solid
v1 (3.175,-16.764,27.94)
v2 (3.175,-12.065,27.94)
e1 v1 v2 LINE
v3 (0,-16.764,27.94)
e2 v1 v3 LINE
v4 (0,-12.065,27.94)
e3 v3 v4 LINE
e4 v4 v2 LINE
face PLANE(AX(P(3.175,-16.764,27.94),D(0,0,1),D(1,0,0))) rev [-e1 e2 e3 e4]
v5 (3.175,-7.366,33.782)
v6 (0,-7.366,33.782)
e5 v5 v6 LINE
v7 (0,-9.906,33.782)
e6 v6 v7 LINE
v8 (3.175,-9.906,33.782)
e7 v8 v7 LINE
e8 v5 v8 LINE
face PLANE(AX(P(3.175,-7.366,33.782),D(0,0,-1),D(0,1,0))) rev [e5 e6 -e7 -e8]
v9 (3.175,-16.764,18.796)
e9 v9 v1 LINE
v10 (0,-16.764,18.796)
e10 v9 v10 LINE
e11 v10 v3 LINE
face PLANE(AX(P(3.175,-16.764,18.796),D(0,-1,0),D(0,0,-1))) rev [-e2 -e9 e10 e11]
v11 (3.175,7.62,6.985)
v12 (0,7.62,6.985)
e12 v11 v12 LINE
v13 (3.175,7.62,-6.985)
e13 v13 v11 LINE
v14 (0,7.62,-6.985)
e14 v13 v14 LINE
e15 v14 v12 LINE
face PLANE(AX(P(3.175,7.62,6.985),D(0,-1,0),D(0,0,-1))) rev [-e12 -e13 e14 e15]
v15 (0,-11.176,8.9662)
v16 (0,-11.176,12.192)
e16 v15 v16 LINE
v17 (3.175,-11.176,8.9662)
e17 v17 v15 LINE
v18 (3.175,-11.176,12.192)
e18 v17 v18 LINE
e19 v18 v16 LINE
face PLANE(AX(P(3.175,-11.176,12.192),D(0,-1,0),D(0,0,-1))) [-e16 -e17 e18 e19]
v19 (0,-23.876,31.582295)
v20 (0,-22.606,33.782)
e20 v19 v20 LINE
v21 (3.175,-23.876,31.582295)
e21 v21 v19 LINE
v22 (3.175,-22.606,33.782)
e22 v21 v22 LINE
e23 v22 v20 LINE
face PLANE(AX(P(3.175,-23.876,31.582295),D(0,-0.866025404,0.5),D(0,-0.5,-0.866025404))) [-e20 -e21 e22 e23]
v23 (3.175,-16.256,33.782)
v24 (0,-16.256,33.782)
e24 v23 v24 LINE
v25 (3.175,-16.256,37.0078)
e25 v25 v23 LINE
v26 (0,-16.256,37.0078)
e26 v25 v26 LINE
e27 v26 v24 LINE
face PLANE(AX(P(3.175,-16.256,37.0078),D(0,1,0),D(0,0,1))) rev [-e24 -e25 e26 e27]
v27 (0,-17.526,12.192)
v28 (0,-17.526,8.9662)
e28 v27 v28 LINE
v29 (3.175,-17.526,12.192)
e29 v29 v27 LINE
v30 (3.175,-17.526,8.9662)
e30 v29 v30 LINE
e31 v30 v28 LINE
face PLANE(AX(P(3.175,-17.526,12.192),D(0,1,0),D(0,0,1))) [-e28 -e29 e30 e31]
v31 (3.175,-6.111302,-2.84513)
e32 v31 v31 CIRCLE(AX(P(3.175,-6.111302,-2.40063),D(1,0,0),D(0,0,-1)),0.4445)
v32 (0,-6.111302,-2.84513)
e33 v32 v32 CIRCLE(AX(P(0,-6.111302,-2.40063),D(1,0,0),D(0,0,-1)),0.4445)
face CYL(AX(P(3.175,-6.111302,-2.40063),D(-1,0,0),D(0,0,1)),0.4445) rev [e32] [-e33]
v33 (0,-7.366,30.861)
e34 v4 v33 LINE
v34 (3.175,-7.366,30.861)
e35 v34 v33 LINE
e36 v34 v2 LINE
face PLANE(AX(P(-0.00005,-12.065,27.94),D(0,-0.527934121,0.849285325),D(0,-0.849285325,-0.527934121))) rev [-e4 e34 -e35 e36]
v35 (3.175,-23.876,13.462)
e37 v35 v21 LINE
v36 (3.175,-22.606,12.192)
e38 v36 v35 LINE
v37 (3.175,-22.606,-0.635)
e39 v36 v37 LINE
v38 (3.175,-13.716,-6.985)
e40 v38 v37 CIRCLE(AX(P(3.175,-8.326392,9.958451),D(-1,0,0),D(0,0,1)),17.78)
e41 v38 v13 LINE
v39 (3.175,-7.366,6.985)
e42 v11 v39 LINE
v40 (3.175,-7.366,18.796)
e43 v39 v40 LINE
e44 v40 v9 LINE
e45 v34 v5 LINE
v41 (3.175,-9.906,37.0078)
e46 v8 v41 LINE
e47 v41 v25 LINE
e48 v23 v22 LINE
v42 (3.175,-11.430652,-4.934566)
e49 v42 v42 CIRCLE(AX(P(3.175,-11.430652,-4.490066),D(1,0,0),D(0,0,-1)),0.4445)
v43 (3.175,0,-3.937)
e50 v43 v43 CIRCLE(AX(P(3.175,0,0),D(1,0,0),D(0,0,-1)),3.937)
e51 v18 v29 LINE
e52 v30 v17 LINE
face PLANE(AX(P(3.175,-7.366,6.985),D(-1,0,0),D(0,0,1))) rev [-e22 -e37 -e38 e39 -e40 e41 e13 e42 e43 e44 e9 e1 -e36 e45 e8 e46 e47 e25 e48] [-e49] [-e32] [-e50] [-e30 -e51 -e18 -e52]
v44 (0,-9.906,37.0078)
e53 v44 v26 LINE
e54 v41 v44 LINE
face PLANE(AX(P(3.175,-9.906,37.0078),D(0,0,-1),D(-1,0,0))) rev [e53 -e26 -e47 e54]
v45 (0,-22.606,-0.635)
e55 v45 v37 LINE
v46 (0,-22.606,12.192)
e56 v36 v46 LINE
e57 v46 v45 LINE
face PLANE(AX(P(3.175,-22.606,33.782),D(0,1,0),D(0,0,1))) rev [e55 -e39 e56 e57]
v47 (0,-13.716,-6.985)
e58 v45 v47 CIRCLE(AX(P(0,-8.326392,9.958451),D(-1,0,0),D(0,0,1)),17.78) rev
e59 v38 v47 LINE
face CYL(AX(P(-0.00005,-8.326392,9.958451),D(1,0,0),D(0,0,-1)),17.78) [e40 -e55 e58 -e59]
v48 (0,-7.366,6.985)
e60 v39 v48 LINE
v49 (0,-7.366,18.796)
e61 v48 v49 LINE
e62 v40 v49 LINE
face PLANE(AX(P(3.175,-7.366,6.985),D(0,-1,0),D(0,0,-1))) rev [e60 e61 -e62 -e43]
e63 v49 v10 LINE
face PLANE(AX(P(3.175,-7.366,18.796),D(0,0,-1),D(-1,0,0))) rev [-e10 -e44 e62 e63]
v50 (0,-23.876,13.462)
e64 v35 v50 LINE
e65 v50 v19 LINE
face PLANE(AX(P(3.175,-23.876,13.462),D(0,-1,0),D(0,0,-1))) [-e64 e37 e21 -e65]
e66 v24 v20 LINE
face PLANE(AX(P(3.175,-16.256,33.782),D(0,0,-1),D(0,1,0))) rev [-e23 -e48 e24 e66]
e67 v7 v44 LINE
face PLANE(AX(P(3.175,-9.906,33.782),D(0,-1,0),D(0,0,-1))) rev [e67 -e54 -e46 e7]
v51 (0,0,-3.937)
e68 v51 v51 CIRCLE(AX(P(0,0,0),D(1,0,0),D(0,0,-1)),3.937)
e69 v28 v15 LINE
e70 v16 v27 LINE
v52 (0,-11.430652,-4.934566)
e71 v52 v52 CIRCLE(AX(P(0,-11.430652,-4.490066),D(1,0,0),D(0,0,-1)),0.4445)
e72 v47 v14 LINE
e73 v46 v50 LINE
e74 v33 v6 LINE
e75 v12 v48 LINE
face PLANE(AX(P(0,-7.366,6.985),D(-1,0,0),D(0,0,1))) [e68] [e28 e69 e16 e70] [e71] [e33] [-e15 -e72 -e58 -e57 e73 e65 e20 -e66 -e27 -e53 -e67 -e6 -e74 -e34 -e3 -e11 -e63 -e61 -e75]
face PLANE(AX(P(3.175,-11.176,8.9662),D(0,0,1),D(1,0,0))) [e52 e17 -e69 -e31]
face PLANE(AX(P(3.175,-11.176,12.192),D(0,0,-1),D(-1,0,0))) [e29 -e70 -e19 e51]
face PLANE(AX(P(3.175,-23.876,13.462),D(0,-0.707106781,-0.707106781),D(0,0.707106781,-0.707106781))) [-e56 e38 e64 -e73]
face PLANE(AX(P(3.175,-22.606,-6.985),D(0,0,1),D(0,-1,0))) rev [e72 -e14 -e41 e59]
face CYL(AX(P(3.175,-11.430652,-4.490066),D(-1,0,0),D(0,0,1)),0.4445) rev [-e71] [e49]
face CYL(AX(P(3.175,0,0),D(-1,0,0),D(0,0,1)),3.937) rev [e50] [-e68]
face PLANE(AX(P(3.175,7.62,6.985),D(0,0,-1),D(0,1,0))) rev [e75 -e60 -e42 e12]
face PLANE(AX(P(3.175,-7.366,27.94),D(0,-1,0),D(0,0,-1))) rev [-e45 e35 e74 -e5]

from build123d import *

# Parameters (mm, degrees)
SKETCH1_R           = 3.937
SKETCH1_R_2         = 0.4445
SKETCH1_W           = 3.2258
SKETCH1_H           = 6.35
BOSS_EXTRUDE1_DEPTH = 3.175
BOSS_EXTRUDE2_DEPTH = 3.175
CUT_EXTRUDE1_DEPTH  = 4.175


with BuildPart() as part:
    # Sketch1 → Boss-Extrude1 (new body)
    with BuildSketch(Plane(origin=(0, 0, 0), x_dir=(0, 0, -1), z_dir=(1, 0, 0))):
        Polygon((-6.985, 7.62), (6.985, 7.62), (6.985, -22.606), (-33.782, -22.606), (-33.782, -16.256), (-37.0078, -16.256), (-37.0078, -9.906), (-33.782, -9.906), (-33.782, -7.366), (-27.94, -7.366), (-27.94, -16.764), (-18.796, -16.764), (-18.796, -7.366), (-6.985, -7.366), align=None)
        Circle(SKETCH1_R, mode=Mode.SUBTRACT)
        with Locations((2.40063044, -6.111302341)):
            Circle(SKETCH1_R_2, mode=Mode.SUBTRACT)
        with Locations((4.490066454, -11.430652127)):
            Circle(SKETCH1_R_2, mode=Mode.SUBTRACT)
        with Locations((-10.5791, -14.351)):
            Rectangle(SKETCH1_W, SKETCH1_H, mode=Mode.SUBTRACT)
    extrude(amount=BOSS_EXTRUDE1_DEPTH)

    # Sketch2 → Boss-Extrude2 (add)
    with BuildSketch(Plane.ZY):
        Polygon((13.462, -23.876), (31.582295474, -23.876), (33.782, -22.606), (12.192, -22.606), align=None)
    extrude(amount=-BOSS_EXTRUDE2_DEPTH)

    # Sketch3 → Cut-Extrude1 (cut, through all)
    with BuildSketch(Plane(origin=(3.175, 0, 0), x_dir=(0, 0, -1), z_dir=(1, 0, 0))):
        Polygon((-30.861, -7.366), (-27.94, -7.366), (-27.94, -12.065), align=None)
        with BuildLine():
            Line((6.985, -13.716), (6.985, -22.606))
            Line((6.985, -22.606), (0.635, -22.606))
            ThreePointArc((0.635, -22.606), (4.50973023, -18.660807307), (6.985, -13.716))
        make_face()
    extrude(amount=-CUT_EXTRUDE1_DEPTH, mode=Mode.SUBTRACT)


solid = part.part
